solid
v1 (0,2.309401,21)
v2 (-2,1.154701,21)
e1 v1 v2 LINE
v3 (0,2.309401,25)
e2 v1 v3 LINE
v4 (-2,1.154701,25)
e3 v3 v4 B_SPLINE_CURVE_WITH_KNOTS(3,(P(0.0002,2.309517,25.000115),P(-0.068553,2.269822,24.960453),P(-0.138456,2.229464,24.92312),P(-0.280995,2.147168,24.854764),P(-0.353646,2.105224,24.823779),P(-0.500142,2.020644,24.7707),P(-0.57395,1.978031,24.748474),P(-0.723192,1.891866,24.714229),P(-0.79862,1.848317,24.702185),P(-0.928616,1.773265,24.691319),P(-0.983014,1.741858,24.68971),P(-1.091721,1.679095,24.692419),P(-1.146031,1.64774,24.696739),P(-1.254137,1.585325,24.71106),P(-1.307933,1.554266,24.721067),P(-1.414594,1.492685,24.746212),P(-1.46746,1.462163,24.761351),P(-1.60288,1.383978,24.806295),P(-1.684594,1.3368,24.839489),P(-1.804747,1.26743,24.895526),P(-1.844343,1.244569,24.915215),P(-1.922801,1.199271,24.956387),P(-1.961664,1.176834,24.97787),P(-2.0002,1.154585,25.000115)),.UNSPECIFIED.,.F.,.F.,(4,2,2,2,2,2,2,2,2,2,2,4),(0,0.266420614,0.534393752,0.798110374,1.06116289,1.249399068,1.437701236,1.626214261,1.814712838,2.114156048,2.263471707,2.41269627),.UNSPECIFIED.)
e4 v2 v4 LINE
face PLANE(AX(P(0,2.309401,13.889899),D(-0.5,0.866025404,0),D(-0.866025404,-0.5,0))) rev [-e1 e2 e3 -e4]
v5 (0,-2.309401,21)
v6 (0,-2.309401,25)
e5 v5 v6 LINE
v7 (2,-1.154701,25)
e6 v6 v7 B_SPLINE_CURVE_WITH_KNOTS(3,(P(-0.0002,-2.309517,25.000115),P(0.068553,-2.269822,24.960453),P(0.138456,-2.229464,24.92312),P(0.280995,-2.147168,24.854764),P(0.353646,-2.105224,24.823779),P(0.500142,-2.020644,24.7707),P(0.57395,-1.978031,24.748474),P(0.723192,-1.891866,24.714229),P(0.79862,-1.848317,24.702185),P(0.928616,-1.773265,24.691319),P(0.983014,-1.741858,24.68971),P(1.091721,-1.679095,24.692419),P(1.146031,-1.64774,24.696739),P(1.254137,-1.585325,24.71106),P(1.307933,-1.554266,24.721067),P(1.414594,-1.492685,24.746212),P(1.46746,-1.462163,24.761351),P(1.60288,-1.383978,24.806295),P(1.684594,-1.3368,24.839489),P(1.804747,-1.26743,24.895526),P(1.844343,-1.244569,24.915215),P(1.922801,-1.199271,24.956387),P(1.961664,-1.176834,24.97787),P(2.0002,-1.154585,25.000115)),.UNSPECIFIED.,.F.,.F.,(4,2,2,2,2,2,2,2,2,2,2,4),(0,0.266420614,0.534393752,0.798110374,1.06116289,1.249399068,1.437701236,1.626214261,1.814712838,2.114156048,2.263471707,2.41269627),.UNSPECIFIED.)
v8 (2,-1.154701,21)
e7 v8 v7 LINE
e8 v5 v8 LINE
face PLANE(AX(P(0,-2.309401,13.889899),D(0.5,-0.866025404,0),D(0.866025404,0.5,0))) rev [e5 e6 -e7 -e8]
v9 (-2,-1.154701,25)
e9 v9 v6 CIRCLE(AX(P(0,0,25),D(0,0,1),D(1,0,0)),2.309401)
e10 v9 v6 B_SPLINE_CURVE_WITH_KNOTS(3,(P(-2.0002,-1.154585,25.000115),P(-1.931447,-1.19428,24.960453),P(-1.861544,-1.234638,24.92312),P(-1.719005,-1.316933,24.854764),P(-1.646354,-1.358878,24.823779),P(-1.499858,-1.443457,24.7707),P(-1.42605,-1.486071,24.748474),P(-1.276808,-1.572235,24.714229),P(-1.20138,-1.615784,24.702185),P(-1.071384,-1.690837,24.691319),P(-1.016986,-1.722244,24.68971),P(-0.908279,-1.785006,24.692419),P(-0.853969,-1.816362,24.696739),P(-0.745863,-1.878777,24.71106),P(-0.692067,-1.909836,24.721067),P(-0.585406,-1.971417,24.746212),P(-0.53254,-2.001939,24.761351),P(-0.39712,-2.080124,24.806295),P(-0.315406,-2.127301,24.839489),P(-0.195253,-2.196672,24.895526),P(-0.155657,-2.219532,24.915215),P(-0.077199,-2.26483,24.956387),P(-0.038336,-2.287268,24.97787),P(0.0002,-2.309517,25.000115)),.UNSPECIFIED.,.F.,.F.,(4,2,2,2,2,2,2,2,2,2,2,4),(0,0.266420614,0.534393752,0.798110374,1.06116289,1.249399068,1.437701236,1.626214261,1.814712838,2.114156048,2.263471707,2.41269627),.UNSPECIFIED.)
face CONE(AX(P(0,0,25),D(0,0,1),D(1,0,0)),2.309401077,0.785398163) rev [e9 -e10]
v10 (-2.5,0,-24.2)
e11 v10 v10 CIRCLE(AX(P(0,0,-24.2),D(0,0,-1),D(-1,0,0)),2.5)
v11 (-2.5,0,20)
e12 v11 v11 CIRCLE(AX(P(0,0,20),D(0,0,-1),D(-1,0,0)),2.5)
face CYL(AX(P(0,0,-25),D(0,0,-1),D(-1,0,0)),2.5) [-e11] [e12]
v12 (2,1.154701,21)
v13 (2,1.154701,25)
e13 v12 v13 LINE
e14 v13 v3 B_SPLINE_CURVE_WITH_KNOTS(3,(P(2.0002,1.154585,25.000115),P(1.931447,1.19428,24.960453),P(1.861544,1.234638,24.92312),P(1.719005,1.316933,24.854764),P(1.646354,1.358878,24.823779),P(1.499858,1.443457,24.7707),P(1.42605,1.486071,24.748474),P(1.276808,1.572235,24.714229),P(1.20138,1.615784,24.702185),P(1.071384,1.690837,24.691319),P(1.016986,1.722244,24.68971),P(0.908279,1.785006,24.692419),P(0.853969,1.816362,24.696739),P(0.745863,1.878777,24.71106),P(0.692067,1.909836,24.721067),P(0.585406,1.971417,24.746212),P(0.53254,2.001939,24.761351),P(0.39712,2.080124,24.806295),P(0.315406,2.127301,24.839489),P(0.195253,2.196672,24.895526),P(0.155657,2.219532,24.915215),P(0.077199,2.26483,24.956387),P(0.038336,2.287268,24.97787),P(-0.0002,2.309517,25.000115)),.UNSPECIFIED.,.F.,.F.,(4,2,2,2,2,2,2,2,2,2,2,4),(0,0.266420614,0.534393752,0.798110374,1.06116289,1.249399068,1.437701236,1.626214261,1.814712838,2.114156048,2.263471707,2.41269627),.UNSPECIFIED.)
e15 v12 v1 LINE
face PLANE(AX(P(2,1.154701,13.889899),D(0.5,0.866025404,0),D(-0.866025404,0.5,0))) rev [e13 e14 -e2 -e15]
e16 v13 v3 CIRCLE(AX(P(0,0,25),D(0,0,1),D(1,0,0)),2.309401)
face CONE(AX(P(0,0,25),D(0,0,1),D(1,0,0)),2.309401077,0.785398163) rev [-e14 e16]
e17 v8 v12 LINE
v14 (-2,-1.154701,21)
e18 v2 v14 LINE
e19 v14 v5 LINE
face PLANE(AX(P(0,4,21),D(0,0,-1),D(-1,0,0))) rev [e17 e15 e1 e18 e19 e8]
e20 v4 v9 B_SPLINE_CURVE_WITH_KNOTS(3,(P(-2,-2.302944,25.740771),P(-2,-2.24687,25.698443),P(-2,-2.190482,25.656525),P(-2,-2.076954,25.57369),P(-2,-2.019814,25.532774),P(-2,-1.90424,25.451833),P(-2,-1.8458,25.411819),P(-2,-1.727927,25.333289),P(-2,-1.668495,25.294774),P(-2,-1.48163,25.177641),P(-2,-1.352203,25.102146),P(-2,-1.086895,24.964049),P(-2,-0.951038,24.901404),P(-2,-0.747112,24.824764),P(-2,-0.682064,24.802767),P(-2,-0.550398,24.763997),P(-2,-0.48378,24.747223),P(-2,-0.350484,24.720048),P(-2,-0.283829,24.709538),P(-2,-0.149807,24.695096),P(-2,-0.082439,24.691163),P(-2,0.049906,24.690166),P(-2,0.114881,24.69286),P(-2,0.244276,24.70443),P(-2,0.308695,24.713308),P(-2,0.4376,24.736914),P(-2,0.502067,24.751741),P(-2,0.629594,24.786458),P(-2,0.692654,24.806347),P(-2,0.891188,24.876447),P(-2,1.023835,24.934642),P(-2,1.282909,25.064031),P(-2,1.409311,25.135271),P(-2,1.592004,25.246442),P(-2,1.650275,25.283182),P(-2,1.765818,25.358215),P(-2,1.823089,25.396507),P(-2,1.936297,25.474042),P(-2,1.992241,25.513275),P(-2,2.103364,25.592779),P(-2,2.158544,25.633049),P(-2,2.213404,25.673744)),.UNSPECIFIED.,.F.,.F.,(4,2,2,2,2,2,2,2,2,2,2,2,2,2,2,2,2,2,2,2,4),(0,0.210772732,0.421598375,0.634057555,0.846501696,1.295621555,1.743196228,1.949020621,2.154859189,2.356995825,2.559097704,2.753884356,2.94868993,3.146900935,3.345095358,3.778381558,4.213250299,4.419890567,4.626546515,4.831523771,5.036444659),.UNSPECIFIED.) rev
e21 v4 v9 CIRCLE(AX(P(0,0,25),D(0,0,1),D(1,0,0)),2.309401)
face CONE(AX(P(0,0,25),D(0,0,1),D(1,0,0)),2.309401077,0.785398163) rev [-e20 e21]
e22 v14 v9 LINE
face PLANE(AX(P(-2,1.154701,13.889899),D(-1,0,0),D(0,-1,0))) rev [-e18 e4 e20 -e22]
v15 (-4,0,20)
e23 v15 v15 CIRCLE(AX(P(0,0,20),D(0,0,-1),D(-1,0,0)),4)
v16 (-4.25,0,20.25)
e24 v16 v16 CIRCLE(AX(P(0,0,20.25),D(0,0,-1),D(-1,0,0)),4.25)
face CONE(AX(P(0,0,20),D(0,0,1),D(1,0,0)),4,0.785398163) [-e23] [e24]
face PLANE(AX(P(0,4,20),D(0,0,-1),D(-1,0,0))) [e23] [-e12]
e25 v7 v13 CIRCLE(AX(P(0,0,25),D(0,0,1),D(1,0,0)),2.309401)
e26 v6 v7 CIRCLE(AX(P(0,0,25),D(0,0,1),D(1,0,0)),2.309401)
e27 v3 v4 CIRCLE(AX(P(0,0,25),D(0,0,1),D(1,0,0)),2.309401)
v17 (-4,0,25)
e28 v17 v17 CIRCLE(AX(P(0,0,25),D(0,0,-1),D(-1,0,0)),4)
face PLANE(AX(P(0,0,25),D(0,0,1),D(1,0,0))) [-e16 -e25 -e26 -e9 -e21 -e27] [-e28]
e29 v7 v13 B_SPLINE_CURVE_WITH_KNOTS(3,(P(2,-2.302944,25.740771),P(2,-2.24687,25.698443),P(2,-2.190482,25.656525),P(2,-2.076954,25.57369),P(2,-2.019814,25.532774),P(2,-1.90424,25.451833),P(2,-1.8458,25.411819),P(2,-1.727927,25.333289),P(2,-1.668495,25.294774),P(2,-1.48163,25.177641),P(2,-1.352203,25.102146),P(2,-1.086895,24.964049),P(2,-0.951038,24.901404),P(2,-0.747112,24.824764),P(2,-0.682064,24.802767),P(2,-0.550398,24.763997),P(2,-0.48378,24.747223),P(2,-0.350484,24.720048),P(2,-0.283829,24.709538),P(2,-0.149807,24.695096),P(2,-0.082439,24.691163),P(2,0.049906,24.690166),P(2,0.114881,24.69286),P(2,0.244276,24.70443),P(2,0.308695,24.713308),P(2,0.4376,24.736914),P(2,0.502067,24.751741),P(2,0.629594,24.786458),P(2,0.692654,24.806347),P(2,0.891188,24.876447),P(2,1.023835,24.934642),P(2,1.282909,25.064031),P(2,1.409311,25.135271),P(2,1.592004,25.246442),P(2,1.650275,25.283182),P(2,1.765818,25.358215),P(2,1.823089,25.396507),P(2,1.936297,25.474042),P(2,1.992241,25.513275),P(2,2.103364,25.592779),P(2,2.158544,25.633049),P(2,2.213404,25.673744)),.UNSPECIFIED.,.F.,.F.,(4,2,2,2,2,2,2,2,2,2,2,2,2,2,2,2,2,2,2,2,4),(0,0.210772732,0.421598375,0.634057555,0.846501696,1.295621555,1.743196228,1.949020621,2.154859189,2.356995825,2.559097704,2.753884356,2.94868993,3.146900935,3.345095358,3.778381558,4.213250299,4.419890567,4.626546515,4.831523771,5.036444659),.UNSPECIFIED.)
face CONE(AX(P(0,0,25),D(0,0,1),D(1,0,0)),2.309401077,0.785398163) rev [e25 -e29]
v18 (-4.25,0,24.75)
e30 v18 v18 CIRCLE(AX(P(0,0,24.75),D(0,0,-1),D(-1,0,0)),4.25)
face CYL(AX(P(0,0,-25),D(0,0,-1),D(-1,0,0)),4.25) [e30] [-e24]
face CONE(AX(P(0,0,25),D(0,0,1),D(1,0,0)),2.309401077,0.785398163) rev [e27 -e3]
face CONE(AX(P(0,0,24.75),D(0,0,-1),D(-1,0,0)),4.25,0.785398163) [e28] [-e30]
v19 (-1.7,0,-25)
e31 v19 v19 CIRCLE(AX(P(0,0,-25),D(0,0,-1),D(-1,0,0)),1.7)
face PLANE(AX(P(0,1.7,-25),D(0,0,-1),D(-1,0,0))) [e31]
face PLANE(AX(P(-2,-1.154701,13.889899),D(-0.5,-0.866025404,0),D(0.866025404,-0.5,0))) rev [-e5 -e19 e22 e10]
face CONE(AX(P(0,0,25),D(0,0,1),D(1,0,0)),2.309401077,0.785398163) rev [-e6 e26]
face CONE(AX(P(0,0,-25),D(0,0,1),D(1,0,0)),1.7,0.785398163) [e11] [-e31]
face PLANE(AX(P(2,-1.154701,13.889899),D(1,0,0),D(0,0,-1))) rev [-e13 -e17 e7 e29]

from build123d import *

# Parameters (mm, degrees)
CUT_EXTRUDE1_DEPTH = 4


with BuildPart() as part:
    # Sketch2 → Revolve1 (revolve)
    with BuildSketch(Plane(origin=(0, 0, 0), x_dir=(0, 0, -1), z_dir=(1, 0, 0)), mode=Mode.PRIVATE) as revolve1_sk:
        Polygon((-25, 0), (-25, 4), (-24.75, 4.25), (-20.25, 4.25), (-20, 4), (-20, 2.5), (24.2, 2.5), (25, 1.7), (25, 0), align=None)
    revolve(revolve1_sk.sketch.rotate(Axis((0, 0, -25), (0, 0, 1)), 90), axis=Axis((0, 0, -25), (0, 0, 1)))

    # Sketch3 → Cut-Extrude1 (cut)
    with BuildSketch(Plane.XY.offset(25)):
        Polygon((2, -1.154700538), (2, 1.154700538), (0, 2.309401077), (-2, 1.154700538), (-2, -1.154700538), (0, -2.309401077), align=None)
    extrude(amount=-CUT_EXTRUDE1_DEPTH, mode=Mode.SUBTRACT)

    # Cut-Extrude2 cone 1 section (through the dimple's axis) → Cut-Extrude2 (revolve, cut)
    with BuildSketch(Plane(origin=(0, 0, 25), x_dir=(0, -1, 0), z_dir=(1, 0, 0))):
        Polygon((0, 0), (2.309401077, 0), (0, 2.309401077), align=None)
    revolve(axis=Axis((0, 0, 25), (0, 0, -1)), mode=Mode.SUBTRACT)


solid = part.part
